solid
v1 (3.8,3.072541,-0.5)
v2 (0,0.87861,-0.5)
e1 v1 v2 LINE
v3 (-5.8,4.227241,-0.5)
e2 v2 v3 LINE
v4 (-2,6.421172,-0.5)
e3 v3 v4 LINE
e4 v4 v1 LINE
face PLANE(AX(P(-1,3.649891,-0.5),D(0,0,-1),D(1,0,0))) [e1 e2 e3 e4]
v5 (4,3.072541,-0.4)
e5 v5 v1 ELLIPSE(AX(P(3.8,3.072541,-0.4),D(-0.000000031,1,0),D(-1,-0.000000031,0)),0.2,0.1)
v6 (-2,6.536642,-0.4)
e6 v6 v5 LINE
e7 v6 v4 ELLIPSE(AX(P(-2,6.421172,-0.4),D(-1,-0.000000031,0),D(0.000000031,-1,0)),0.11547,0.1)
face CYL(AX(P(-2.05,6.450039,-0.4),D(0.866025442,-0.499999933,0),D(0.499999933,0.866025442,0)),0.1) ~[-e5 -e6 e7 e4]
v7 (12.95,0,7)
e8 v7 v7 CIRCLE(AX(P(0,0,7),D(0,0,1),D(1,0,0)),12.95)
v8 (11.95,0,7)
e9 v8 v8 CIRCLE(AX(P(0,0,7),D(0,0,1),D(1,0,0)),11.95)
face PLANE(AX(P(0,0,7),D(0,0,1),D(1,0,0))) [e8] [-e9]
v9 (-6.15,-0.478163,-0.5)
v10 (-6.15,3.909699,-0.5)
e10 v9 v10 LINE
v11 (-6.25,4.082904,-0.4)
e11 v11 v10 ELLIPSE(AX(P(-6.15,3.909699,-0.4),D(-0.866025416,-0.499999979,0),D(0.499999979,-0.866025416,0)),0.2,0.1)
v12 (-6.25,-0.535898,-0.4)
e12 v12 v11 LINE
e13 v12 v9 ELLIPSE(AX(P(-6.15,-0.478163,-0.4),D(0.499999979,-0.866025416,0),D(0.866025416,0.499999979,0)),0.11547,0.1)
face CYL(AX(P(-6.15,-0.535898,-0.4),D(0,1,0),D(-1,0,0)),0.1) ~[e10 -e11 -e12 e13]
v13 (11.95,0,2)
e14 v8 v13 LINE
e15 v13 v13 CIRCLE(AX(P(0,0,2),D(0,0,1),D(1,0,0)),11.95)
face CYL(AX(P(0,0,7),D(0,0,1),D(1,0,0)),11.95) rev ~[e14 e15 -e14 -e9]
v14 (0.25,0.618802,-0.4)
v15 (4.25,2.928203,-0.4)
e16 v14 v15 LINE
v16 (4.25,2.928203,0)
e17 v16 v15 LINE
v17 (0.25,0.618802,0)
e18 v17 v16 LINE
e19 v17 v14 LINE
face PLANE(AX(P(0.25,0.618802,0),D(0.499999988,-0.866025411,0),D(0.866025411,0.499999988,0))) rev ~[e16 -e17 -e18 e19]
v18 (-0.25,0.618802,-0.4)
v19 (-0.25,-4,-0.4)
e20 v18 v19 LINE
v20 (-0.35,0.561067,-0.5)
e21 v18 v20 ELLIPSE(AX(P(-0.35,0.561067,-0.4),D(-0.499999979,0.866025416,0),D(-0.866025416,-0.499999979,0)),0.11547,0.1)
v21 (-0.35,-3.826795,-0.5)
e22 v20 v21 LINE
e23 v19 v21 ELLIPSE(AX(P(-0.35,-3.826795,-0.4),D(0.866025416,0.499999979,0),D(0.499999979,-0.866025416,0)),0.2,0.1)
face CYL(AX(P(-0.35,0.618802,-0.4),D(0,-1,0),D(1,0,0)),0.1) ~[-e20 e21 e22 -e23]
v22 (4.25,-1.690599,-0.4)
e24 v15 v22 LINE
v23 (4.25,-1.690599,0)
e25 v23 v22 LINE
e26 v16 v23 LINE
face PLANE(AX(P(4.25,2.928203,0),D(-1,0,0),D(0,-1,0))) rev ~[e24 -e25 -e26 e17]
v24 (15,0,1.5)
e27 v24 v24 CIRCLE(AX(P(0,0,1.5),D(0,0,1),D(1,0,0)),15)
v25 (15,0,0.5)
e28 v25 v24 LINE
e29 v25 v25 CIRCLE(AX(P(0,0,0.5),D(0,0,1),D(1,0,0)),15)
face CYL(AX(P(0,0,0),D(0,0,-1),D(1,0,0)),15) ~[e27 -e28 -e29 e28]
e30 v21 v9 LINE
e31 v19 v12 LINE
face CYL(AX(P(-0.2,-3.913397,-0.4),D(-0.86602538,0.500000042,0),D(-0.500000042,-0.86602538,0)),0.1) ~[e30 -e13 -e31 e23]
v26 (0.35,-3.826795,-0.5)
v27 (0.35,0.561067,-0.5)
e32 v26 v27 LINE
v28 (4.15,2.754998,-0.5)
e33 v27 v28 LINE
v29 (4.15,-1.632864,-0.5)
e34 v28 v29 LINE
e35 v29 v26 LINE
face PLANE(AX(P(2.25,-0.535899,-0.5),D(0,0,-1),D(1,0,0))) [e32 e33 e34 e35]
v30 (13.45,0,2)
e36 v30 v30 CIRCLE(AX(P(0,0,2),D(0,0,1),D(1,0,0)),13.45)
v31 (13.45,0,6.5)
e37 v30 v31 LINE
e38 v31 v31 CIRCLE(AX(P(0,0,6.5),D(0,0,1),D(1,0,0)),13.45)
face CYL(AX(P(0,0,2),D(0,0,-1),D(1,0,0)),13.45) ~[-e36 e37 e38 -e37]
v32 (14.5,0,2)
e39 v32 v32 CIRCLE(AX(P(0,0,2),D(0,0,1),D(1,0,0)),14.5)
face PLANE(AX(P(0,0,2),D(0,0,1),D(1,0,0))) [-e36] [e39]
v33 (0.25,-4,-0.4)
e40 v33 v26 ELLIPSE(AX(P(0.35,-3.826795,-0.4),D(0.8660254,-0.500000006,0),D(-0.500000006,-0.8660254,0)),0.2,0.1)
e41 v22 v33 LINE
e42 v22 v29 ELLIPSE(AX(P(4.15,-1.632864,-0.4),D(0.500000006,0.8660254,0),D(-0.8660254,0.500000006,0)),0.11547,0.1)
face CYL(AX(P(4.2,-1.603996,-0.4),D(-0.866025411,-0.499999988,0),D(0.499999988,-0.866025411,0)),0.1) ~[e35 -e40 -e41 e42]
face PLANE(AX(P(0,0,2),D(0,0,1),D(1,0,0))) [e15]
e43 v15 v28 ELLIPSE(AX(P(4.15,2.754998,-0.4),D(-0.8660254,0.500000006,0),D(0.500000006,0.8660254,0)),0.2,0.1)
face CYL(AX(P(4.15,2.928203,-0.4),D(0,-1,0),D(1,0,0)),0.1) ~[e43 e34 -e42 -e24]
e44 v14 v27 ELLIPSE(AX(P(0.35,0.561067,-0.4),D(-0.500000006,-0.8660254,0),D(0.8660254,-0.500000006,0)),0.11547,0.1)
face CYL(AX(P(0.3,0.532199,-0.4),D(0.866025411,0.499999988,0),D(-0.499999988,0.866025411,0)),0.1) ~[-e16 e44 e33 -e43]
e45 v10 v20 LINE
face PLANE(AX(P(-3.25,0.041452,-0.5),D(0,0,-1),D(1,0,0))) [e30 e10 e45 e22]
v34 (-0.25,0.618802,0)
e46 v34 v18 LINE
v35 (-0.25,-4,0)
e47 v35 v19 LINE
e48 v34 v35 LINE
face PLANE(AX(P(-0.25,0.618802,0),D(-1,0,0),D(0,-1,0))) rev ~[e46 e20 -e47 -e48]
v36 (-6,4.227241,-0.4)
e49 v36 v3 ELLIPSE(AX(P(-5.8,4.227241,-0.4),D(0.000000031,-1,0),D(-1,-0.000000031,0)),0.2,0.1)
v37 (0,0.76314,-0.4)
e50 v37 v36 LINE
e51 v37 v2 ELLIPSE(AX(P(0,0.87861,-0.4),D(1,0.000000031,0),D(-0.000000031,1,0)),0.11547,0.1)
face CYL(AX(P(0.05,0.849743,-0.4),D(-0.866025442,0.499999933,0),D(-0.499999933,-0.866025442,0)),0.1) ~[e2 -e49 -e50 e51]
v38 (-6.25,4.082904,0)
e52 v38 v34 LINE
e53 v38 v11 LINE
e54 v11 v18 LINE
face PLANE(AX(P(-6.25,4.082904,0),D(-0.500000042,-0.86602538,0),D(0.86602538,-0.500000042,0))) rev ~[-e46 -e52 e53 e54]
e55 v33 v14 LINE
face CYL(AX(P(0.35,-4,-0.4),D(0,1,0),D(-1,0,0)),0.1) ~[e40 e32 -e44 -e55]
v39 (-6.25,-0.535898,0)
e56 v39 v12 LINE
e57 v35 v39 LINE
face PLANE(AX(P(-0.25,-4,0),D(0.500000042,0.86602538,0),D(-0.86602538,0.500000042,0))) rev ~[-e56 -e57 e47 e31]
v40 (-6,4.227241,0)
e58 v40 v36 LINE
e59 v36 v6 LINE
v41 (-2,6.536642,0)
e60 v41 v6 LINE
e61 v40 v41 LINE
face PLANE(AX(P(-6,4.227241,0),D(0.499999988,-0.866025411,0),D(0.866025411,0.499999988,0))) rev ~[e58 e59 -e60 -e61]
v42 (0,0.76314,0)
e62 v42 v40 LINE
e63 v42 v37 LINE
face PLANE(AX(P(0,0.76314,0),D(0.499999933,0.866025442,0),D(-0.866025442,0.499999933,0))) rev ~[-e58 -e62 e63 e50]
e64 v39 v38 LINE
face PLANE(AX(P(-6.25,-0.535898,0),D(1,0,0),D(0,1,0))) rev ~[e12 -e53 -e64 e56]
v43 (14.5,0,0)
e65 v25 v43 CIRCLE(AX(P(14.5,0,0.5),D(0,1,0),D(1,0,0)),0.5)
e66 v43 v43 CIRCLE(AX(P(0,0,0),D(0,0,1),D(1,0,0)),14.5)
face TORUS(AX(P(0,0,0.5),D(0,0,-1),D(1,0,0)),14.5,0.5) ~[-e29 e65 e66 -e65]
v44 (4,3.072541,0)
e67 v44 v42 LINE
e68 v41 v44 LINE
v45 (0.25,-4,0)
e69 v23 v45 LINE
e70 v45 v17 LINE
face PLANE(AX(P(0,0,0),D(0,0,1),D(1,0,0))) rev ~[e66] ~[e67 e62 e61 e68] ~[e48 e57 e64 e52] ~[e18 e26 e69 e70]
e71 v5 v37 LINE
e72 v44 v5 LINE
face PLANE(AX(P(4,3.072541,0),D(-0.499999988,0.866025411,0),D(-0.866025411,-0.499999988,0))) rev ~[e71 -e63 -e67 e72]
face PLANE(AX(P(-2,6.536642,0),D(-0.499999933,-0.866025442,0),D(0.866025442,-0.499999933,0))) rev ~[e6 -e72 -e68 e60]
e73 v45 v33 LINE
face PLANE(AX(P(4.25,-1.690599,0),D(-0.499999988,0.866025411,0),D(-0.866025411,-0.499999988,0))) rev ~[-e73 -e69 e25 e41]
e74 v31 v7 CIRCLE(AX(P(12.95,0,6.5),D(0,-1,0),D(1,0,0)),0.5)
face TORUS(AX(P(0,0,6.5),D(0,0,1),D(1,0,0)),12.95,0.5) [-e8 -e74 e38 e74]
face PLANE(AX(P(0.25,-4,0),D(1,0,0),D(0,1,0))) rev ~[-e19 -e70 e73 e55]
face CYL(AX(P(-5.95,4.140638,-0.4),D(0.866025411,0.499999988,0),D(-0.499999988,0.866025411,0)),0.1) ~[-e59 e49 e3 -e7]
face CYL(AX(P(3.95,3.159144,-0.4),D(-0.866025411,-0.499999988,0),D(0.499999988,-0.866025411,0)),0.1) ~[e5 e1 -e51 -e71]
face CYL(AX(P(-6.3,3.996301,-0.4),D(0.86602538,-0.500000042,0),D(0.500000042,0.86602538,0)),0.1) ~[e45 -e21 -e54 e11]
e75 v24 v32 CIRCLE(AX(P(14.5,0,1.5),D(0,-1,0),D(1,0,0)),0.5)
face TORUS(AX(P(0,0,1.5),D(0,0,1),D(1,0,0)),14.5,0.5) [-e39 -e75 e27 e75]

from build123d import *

# Parameters (mm, degrees)
F0_R     = 15
F1_DEPTH = 2
F2_R     = 13.45
F3_DEPTH = 5
F4_R     = 0.5
F6_DEPTH = 0.5
F7_R     = 0.1
F8_R     = 11.95
F9_DEPTH = 5


with BuildPart() as f1:
    # F0 (on Top) → F1 (new body)
    with BuildSketch(Plane.XY):
        Circle(F0_R)
    extrude(amount=F1_DEPTH)

    # F2 (on face) → F3 (join)
    with BuildSketch(Plane.XY.offset(2)):
        Circle(F2_R)
    extrude(amount=F3_DEPTH)

    # F4
    f4_edges = [f1.edges().sort_by_distance(p)[0] for p in [
        (-15, 0, 2),
        (-13.45, 0, 7),
        (-15, 0, 0),
    ]]
    fillet(f4_edges, radius=F4_R)

    # F5 (on face) → F6 (join)
    with BuildSketch(Plane(origin=(0, 0, 0), x_dir=(1, 0, 0), z_dir=(0, 0, -1))):
        Polygon((-6.25, -4.082904), (-0.25, -0.618802), (-0.25, 4), (-6.25, 0.535898), align=None)
        Polygon((0.25, 4), (0.25, -0.618802), (4.25, -2.928203), (4.25, 1.690599), align=None)
        Polygon((4, -3.072541), (0, -0.76314), (-6, -4.227241), (-2, -6.536642), align=None)
    extrude(amount=F6_DEPTH)

    # F7
    f7_edges = [f1.edges().sort_by_distance(p)[0] for p in [
        (2.25, 1.773503, -0.5),
        (2.25, -2.845299, -0.5),
        (4.25, 0.618802, -0.5),
        (0.25, -1.690599, -0.5),
        (-0.25, -1.690599, -0.5),
        (-3, 2.495191, -0.5),
        (2, 1.91784, -0.5),
        (1, 4.804592, -0.5),
        (-4, 5.381942, -0.5),
        (-3.25, 2.350853, -0.5),
        (-6.25, 1.773503, -0.5),
        (-3.25, -2.267949, -0.5),
    ]]
    fillet(f7_edges, radius=F7_R)

    # F8 (on face) → F9 (cut)
    with BuildSketch(Plane.XY.offset(7)):
        Circle(F8_R)
    extrude(amount=-F9_DEPTH, mode=Mode.SUBTRACT)


solid = f1.part
